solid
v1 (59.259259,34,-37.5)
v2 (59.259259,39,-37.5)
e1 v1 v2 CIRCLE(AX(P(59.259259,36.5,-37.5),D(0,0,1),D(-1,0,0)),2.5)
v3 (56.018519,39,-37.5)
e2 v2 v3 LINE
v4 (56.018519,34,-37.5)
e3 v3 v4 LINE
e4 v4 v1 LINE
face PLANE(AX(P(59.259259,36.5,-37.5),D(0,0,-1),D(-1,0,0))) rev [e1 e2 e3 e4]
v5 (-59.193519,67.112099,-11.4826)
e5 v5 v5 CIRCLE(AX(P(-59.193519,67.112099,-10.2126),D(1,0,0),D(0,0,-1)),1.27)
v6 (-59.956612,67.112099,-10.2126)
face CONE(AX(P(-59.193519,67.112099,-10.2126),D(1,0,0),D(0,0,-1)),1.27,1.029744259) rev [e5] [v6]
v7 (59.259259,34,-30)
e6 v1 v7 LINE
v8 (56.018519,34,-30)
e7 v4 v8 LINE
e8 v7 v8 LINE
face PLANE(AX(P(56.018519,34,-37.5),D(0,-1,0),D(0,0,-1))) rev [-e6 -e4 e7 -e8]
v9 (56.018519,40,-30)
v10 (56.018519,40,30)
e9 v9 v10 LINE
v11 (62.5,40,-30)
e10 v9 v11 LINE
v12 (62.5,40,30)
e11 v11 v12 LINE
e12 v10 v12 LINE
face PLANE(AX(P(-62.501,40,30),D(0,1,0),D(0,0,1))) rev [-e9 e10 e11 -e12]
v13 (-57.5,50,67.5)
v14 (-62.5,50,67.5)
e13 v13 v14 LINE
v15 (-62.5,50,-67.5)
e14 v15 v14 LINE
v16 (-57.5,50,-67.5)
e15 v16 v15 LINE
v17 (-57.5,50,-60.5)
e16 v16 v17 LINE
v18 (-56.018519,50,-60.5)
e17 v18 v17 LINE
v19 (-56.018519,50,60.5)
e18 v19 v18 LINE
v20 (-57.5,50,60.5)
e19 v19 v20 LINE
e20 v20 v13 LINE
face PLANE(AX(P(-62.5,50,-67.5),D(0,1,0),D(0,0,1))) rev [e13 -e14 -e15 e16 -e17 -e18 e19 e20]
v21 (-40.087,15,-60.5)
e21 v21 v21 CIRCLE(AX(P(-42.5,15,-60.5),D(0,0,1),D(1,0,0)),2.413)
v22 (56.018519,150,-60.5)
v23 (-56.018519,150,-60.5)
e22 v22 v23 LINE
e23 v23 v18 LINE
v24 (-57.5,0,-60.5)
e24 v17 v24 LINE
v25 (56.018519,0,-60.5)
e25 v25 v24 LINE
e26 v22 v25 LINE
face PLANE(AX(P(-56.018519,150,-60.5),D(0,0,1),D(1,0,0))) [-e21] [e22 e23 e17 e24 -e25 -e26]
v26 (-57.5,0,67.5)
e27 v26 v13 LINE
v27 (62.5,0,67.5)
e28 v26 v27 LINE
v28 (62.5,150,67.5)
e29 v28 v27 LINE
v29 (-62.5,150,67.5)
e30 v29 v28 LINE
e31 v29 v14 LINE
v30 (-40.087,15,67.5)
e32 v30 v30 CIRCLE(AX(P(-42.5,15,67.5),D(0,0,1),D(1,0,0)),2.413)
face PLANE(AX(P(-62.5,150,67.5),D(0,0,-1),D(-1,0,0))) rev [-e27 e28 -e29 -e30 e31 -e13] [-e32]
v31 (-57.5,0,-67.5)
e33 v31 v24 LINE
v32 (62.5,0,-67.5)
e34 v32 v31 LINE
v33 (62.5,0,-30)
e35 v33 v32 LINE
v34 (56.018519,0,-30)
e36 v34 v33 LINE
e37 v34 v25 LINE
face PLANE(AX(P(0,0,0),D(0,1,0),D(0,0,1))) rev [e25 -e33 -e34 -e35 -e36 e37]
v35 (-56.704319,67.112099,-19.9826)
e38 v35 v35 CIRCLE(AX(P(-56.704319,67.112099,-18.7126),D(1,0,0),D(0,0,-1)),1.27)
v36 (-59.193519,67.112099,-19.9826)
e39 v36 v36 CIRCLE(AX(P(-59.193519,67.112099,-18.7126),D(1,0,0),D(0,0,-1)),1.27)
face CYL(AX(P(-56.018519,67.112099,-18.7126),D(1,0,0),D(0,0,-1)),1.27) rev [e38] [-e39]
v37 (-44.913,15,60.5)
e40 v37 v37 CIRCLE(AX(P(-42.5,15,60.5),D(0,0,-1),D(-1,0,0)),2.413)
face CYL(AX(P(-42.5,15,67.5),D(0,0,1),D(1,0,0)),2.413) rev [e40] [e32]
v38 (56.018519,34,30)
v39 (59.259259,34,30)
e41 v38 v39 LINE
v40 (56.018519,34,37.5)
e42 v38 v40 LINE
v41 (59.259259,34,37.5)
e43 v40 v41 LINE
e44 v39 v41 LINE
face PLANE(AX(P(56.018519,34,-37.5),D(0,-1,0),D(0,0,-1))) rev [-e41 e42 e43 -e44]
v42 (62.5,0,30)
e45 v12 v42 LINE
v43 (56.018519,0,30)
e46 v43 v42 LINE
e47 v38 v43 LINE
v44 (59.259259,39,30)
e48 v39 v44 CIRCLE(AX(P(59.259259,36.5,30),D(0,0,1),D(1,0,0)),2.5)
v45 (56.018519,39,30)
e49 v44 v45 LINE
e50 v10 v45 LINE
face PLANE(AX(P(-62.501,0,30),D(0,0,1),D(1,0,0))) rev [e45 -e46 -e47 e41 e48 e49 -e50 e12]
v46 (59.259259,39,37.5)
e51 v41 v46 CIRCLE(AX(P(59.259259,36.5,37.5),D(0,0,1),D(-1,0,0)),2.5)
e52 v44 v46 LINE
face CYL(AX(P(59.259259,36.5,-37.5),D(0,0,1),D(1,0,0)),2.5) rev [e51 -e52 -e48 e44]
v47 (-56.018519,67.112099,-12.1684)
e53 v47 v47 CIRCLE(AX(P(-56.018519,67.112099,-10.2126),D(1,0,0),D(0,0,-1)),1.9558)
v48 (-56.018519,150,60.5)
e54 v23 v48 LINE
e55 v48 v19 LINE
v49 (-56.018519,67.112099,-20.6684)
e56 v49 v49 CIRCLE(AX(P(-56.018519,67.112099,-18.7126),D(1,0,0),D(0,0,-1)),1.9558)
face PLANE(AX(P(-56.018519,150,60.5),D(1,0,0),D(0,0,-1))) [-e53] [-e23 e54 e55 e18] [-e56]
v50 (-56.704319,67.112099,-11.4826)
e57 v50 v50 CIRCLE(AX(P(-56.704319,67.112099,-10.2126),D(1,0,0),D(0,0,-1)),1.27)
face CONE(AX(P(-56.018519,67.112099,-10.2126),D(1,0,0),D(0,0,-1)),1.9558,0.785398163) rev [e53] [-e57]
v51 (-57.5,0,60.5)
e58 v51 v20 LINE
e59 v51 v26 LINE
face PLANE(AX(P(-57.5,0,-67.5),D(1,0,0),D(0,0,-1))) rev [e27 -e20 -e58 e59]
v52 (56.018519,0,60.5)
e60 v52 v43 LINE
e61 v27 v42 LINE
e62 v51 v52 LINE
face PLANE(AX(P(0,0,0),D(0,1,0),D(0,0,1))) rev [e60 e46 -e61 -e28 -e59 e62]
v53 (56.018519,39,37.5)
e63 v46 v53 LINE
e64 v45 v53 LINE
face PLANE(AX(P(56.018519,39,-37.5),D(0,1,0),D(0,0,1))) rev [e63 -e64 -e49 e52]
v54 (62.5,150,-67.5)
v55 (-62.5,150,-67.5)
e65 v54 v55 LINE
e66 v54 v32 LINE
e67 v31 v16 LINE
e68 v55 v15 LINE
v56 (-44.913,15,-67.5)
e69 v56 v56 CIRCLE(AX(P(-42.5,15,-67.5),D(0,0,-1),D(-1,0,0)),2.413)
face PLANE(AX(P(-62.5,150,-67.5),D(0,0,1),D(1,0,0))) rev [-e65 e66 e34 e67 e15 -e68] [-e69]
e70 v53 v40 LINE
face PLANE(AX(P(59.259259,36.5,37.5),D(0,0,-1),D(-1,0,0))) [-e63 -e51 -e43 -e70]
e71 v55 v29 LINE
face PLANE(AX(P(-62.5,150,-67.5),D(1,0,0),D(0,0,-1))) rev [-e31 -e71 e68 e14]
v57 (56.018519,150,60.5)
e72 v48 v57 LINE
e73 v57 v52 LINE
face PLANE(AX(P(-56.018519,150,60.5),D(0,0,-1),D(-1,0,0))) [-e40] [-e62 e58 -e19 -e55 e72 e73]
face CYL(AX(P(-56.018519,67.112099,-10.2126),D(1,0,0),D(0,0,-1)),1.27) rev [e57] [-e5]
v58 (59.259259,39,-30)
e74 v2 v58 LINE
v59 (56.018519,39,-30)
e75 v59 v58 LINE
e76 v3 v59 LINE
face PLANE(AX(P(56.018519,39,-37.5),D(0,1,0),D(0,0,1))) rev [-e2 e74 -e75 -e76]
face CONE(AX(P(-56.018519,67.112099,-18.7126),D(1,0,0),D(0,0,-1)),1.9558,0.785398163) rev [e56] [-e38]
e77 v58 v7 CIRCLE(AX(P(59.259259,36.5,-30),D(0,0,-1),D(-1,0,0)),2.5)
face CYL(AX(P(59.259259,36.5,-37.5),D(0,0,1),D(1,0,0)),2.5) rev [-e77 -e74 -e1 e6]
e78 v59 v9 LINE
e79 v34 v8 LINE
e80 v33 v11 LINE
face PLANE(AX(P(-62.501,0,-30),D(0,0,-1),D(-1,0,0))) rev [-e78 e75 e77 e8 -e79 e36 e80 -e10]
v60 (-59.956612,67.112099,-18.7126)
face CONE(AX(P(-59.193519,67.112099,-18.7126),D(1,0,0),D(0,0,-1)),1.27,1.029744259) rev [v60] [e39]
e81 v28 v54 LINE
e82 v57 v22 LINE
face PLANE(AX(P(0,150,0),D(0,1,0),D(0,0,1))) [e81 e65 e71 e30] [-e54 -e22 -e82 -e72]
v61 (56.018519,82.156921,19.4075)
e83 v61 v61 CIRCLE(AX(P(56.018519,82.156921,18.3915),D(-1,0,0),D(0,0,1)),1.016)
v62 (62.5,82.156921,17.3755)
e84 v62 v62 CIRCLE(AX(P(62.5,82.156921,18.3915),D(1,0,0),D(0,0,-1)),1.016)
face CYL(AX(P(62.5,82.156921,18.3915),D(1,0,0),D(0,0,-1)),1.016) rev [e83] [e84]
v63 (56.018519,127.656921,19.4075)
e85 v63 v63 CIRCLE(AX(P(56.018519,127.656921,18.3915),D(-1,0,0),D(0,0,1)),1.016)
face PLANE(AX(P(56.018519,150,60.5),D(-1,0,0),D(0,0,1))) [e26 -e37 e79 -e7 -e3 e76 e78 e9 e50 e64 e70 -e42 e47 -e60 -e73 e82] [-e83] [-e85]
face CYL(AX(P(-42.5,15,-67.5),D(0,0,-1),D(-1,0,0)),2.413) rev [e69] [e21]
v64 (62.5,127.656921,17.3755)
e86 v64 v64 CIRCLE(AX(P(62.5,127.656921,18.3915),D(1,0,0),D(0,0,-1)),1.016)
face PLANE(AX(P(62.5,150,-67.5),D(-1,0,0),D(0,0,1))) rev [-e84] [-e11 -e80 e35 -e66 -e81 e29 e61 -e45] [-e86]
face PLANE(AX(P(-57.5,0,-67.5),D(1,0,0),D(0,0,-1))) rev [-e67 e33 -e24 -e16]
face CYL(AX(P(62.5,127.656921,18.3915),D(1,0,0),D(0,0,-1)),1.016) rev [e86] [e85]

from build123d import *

# Parameters (mm, degrees)
SKETCH1_W                       = 125
SKETCH1_H                       = 135
SKETCH1_W_2                     = 112.037037038
SKETCH1_H_2                     = 121
BOSS_EXTRUDE1_DEPTH             = 150
SKETCH3_W                       = 5
SKETCH3_H                       = 50
CUT_EXTRUDE1_DEPTH              = 68.5
CUT_EXTRUDE1_DEPTH_BACK         = 68.5
CUT_EXTRUDE2_REACH              = 127
SKETCH4_W                       = 60
SKETCH4_H                       = 40
CUT_EXTRUDE3_DEPTH              = 37.5
F_2_CLEARANCE_HOLE1_D           = 2.032
F_2_CLEARANCE_HOLE1_DEPTH       = 6.481481481
F_3_CLEARANCE_HOLE1_D           = 2.54
F_3_CLEARANCE_HOLE1_DEPTH       = 3.175
F_3_CLEARANCE_HOLE1_CSINK_D     = 3.9116
F_3_CLEARANCE_HOLE1_CSINK_ANGLE = 90
F_3_CLEARANCE_HOLE1_TIP         = 0.763092986
CUT_EXTRUDE4_REACH              = 122
SKETCH19_W                      = 121
SKETCH19_H                      = 50


with BuildPart() as part:
    # Sketch1 → Boss-Extrude1 (new body)
    with BuildSketch(Plane(origin=(0, 0, 0), x_dir=(1, 0, 0), z_dir=(0, 1, 0))):
        Rectangle(SKETCH1_W, SKETCH1_H)
        Rectangle(SKETCH1_W_2, SKETCH1_H_2, mode=Mode.SUBTRACT)
    extrude(amount=BOSS_EXTRUDE1_DEPTH)

    # Sketch3 → Cut-Extrude1 (cut, two sides)
    with BuildSketch(Plane.XY) as cut_extrude1_sk:
        with Locations((-60, 25)):
            Rectangle(SKETCH3_W, SKETCH3_H)
    extrude(amount=CUT_EXTRUDE1_DEPTH, mode=Mode.SUBTRACT)
    extrude(cut_extrude1_sk.sketch, amount=-CUT_EXTRUDE1_DEPTH_BACK, mode=Mode.SUBTRACT)

    # Sketch4 → Cut-Extrude2 (cut, up to next)
    with BuildSketch(Plane(origin=(62.5, 0, 0), x_dir=(0, 0, -1), z_dir=(1, 0, 0)), mode=Mode.PRIVATE) as cut_extrude2_sk1:
        with Locations((0, 20)):
            Rectangle(SKETCH4_W, SKETCH4_H)
    cut_extrude2_tool1 = extrude(cut_extrude2_sk1.sketch, amount=-CUT_EXTRUDE2_REACH, mode=Mode.PRIVATE) & part.part
    add(cut_extrude2_tool1.solids().sort_by_distance((62.5, 20, 0))[0], mode=Mode.SUBTRACT)

    # Sketch11 → #10 Clearance Hole1 (revolve, cut)
    with BuildSketch(Plane(origin=(-42.5, 15, 67.5), x_dir=(0, -1, 0), z_dir=(1, 0, 0))):
        Polygon((0, 0), (0, 26.849876674), (2.413, 25.4), (2.413, 0), align=None)
    f_10_clearance_hole1 = revolve(axis=Axis((-42.5, 15, 73.85), (0, 0, -1)), mode=Mode.SUBTRACT)

    # Mirror1: #10 Clearance Hole1 across plane
    add(f_10_clearance_hole1.mirror(Plane.XY), mode=Mode.SUBTRACT)

    # Sketch12 → Cut-Extrude3 (cut, symmetric)
    with BuildSketch(Plane.XY):
        with BuildLine():
            Line((56.018518519, 39), (56.018518519, 34))
            Line((56.018518519, 34), (59.259259259, 34))
            ThreePointArc((59.259259259, 34), (61.759259259, 36.5), (59.259259259, 39))
            Line((59.259259259, 39), (56.018518519, 39))
        make_face()
    extrude(amount=CUT_EXTRUDE3_DEPTH, both=True, mode=Mode.SUBTRACT)

    # #2 Clearance Hole1
    with Locations(Plane(origin=(62.5, 0, 0), x_dir=(0, 0, -1), z_dir=(1, 0, 0))):
        with Locations((-18.3915, 127.656921), (-18.3915, 82.156921)):
            Hole(F_2_CLEARANCE_HOLE1_D / 2, depth=F_2_CLEARANCE_HOLE1_DEPTH)

    # #3 Clearance Hole1
    with Locations(Plane(origin=(-56.018518519, 0, 0), x_dir=(0, 0, -1), z_dir=(1, 0, 0))):
        with Locations((10.2126, 67.112098568), (18.7126, 67.112098568)):
            CounterSinkHole(F_3_CLEARANCE_HOLE1_D / 2, F_3_CLEARANCE_HOLE1_CSINK_D / 2, depth=F_3_CLEARANCE_HOLE1_DEPTH, counter_sink_angle=F_3_CLEARANCE_HOLE1_CSINK_ANGLE)
            with Locations((0, 0, -(F_3_CLEARANCE_HOLE1_DEPTH + F_3_CLEARANCE_HOLE1_TIP / 2))):  # 118° drill point
                Cone(0, F_3_CLEARANCE_HOLE1_D / 2, F_3_CLEARANCE_HOLE1_TIP, mode=Mode.SUBTRACT)

    # Sketch19 → Cut-Extrude4 (cut, up to next)
    with BuildSketch(Plane.ZY.offset(57.5), mode=Mode.PRIVATE) as cut_extrude4_sk1:
        with Locations((0, 25)):
            Rectangle(SKETCH19_W, SKETCH19_H)
    cut_extrude4_tool1 = extrude(cut_extrude4_sk1.sketch, amount=-CUT_EXTRUDE4_REACH, mode=Mode.PRIVATE) & part.part
    add(cut_extrude4_tool1.solids().sort_by_distance((-57.5, 25, 0))[0], mode=Mode.SUBTRACT)


solid = part.part
